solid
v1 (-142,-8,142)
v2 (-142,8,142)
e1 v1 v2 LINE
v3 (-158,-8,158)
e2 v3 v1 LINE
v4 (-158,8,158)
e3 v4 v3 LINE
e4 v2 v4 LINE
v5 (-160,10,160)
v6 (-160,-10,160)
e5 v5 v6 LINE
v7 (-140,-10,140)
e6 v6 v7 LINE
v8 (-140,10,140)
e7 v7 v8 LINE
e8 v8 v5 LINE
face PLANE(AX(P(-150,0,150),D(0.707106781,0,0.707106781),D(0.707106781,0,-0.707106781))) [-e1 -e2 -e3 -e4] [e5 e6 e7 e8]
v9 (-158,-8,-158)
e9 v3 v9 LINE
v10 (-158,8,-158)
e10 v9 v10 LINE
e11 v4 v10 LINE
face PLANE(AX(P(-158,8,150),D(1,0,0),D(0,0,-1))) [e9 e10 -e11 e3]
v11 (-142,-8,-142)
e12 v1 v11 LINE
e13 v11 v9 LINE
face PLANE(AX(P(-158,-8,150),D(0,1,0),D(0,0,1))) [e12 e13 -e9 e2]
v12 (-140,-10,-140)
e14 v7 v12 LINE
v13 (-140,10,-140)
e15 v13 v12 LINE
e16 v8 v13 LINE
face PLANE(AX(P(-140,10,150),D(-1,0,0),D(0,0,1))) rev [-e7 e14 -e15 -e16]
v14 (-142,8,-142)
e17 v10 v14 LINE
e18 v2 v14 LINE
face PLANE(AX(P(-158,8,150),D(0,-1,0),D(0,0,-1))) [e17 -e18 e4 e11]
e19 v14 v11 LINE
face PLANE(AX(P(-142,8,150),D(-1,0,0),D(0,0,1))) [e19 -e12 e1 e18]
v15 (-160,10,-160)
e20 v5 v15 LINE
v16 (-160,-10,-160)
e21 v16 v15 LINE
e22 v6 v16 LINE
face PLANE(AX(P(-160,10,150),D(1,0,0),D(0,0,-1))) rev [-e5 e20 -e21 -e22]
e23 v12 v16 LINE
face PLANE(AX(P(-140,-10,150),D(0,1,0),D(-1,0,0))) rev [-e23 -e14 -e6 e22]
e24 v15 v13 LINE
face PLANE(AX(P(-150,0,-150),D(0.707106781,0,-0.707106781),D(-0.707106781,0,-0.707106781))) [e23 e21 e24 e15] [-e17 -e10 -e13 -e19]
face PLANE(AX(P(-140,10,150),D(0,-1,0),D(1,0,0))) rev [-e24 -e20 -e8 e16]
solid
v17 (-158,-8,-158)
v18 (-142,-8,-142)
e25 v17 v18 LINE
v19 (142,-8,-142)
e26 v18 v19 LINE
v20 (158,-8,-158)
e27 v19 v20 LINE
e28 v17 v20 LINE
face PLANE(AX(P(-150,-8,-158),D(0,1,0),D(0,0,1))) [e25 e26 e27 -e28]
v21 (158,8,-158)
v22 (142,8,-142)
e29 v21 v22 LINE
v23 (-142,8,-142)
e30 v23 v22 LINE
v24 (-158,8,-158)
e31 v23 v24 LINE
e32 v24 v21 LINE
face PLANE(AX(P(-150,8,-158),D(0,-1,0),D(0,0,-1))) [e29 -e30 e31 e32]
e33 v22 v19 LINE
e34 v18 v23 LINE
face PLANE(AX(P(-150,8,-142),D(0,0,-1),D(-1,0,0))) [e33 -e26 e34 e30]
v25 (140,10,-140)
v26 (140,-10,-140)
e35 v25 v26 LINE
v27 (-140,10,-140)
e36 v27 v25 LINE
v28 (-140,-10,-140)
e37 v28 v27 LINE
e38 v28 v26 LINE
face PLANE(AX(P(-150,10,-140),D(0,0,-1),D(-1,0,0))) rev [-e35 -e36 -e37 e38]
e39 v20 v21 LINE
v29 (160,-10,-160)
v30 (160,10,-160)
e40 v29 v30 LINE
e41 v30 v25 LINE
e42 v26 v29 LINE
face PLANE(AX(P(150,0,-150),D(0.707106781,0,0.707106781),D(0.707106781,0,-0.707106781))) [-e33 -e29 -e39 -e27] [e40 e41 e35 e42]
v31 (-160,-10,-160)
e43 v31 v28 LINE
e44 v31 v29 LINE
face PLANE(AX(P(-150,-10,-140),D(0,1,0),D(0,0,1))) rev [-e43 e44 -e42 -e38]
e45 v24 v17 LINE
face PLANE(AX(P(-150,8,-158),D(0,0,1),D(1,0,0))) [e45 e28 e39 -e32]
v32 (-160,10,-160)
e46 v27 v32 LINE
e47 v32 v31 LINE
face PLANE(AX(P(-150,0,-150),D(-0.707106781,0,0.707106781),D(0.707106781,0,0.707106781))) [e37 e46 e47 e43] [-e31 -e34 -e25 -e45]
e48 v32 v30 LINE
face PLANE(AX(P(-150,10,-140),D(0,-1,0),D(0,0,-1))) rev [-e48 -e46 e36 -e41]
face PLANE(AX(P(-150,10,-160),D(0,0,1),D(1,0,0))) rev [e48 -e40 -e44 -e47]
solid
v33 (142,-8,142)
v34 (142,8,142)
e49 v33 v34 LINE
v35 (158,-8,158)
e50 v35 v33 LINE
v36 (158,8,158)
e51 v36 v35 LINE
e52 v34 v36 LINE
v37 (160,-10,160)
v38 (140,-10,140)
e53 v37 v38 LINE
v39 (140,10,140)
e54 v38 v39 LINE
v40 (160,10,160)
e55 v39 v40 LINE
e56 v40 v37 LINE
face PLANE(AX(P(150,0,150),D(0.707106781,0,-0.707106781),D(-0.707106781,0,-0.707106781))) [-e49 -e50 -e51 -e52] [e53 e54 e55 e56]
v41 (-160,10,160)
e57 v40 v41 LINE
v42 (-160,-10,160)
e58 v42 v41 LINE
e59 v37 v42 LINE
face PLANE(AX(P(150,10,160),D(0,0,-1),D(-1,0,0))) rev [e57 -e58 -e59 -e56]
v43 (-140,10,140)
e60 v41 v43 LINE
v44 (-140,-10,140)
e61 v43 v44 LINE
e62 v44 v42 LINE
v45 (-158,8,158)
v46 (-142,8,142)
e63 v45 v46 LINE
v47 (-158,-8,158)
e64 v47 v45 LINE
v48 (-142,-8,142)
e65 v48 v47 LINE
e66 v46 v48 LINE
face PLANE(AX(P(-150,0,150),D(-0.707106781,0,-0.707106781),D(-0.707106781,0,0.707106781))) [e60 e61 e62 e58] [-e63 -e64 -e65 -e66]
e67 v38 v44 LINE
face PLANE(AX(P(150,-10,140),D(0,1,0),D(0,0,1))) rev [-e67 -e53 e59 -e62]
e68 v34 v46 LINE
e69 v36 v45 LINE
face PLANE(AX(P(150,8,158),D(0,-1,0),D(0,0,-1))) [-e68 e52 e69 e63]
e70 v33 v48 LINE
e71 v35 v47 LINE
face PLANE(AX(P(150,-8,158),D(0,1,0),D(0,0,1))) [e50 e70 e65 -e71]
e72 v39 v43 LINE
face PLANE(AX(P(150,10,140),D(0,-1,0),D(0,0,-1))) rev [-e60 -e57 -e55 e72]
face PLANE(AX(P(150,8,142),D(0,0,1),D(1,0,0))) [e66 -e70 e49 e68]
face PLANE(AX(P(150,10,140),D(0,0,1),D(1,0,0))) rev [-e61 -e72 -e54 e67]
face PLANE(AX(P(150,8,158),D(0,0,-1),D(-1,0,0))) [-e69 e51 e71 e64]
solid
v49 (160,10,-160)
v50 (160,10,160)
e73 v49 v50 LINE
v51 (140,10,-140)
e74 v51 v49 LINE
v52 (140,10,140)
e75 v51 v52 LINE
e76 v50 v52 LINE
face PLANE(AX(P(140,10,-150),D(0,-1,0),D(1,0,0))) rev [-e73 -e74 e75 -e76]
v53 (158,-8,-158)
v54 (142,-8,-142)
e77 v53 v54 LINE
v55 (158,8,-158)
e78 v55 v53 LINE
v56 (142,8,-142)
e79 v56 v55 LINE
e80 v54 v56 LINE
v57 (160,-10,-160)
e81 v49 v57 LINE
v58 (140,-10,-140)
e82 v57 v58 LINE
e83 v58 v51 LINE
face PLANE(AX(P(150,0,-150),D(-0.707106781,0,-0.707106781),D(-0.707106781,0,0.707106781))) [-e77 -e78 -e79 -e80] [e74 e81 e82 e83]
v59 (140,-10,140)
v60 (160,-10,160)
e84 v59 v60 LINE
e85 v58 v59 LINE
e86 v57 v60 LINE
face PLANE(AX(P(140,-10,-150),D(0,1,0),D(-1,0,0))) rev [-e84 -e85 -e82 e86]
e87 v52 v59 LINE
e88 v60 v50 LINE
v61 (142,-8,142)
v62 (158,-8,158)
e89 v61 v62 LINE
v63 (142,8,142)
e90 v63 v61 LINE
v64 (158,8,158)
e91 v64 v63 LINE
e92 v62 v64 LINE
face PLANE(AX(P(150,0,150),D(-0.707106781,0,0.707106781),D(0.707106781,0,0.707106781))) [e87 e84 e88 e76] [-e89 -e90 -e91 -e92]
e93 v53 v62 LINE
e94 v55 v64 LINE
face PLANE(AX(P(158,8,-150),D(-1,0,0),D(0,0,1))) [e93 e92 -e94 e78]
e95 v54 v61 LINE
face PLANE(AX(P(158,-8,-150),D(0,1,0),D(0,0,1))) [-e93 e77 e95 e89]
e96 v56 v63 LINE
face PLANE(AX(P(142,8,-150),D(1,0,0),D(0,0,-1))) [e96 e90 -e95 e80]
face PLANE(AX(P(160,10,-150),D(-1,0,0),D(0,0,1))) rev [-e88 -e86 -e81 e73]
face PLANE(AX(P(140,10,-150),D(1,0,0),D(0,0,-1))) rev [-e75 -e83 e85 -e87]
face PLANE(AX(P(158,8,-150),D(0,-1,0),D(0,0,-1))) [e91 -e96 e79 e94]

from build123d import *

# Parameters (mm, degrees)
TUBO_CUADRADO_20_X_20_X_2_2_DEPTH      = 315.142135624
TUBO_CUADRADO_20_X_20_X_2_2_DEPTH_BACK = 15.142135624
SKETCH1_W                              = 20
SKETCH1_H                              = 20
SKETCH1_W_2                            = 16
SKETCH1_H_2                            = 16
SKETCH1_ON_SEGMENT_2_W                 = 20
SKETCH1_ON_SEGMENT_2_H                 = 20
SKETCH1_ON_SEGMENT_2_W_2               = 16
SKETCH1_ON_SEGMENT_2_H_2               = 16
TUBO_CUADRADO_20_X_20_X_2_2_2_DEPTH    = 330.284271247
SKETCH1_ON_SEGMENT_3_W                 = 20
SKETCH1_ON_SEGMENT_3_H                 = 20
SKETCH1_ON_SEGMENT_3_W_2               = 16
SKETCH1_ON_SEGMENT_3_H_2               = 16
TUBO_CUADRADO_20_X_20_X_2_2_3_DEPTH    = 330.284271247
SKETCH1_ON_SEGMENT_4_W                 = 20
SKETCH1_ON_SEGMENT_4_H                 = 20
SKETCH1_ON_SEGMENT_4_W_2               = 16
SKETCH1_ON_SEGMENT_4_H_2               = 16
TUBO_CUADRADO_20_X_20_X_2_2_4_DEPTH    = 330.284271247


with BuildPart() as part:
    # Sketch1 → Tubo cuadrado 20 X 20 X 2(2) (new, two sides: drawn at the far end of the back side and taken through both)
    with BuildSketch(Plane(origin=(-150, 0, -150), x_dir=(1, 0, 0), z_dir=(0, 0, 1)).offset(-TUBO_CUADRADO_20_X_20_X_2_2_DEPTH_BACK)):
        Rectangle(SKETCH1_W, SKETCH1_H)
        Rectangle(SKETCH1_W_2, SKETCH1_H_2, mode=Mode.SUBTRACT)
    extrude(amount=TUBO_CUADRADO_20_X_20_X_2_2_DEPTH + TUBO_CUADRADO_20_X_20_X_2_2_DEPTH_BACK)

    # Tubo cuadrado 20 X 20 X 2(2) mitre 1
    split(bisect_by=Plane(origin=(-150, 0, -150), x_dir=(0, -1, 0), z_dir=(-0.707106781, 0, 0.707106781)), keep=Keep.TOP)

    # Tubo cuadrado 20 X 20 X 2(2) mitre 2
    split(bisect_by=Plane(origin=(-150, 0, 150), x_dir=(0, -1, 0), z_dir=(-0.707106781, 0, -0.707106781)), keep=Keep.TOP)


with BuildPart() as body_2:
    # Sketch1 on segment 2 (carried to segment 2) → Tubo cuadrado 20 X 20 X 2_2 2 (new body)
    with BuildSketch(Plane(origin=(-165.142135624, 0, 150), x_dir=(0, 0, -1), z_dir=(1, 0, 0))):
        Rectangle(SKETCH1_ON_SEGMENT_2_W, SKETCH1_ON_SEGMENT_2_H)
        Rectangle(SKETCH1_ON_SEGMENT_2_W_2, SKETCH1_ON_SEGMENT_2_H_2, mode=Mode.SUBTRACT)
    extrude(amount=TUBO_CUADRADO_20_X_20_X_2_2_2_DEPTH)

    # Tubo cuadrado 20 X 20 X 2_2 2 mitre 1
    split(bisect_by=Plane(origin=(-150, 0, 150), x_dir=(0, 1, 0), z_dir=(0.707106781, 0, 0.707106781)), keep=Keep.TOP)

    # Tubo cuadrado 20 X 20 X 2_2 2 mitre 2
    split(bisect_by=Plane(origin=(150, 0, 150), x_dir=(0, -1, 0), z_dir=(-0.707106781, 0, 0.707106781)), keep=Keep.TOP)


with BuildPart() as body_3:
    # Sketch1 on segment 3 (carried to segment 3) → Tubo cuadrado 20 X 20 X 2_2 3 (new body)
    with BuildSketch(Plane(origin=(150, 0, 165.142135624), x_dir=(-1, 0, 0), z_dir=(0, 0, -1))):
        Rectangle(SKETCH1_ON_SEGMENT_3_W, SKETCH1_ON_SEGMENT_3_H)
        Rectangle(SKETCH1_ON_SEGMENT_3_W_2, SKETCH1_ON_SEGMENT_3_H_2, mode=Mode.SUBTRACT)
    extrude(amount=TUBO_CUADRADO_20_X_20_X_2_2_3_DEPTH)

    # Tubo cuadrado 20 X 20 X 2_2 3 mitre 1
    split(bisect_by=Plane(origin=(150, 0, -150), x_dir=(0, 1, 0), z_dir=(0.707106781, 0, 0.707106781)), keep=Keep.TOP)

    # Tubo cuadrado 20 X 20 X 2_2 3 mitre 2
    split(bisect_by=Plane(origin=(150, 0, 150), x_dir=(0, 1, 0), z_dir=(0.707106781, 0, -0.707106781)), keep=Keep.TOP)


with BuildPart() as body_4:
    # Sketch1 on segment 4 (carried to segment 4) → Tubo cuadrado 20 X 20 X 2_2 4 (new body)
    with BuildSketch(Plane(origin=(165.142135624, 0, -150), x_dir=(0, 0, 1), z_dir=(-1, 0, 0))):
        Rectangle(SKETCH1_ON_SEGMENT_4_W, SKETCH1_ON_SEGMENT_4_H)
        Rectangle(SKETCH1_ON_SEGMENT_4_W_2, SKETCH1_ON_SEGMENT_4_H_2, mode=Mode.SUBTRACT)
    extrude(amount=TUBO_CUADRADO_20_X_20_X_2_2_4_DEPTH)

    # Tubo cuadrado 20 X 20 X 2_2 4 mitre 1
    split(bisect_by=Plane(origin=(-150, 0, -150), x_dir=(0, 1, 0), z_dir=(0.707106781, 0, -0.707106781)), keep=Keep.TOP)

    # Tubo cuadrado 20 X 20 X 2_2 4 mitre 2
    split(bisect_by=Plane(origin=(150, 0, -150), x_dir=(0, -1, 0), z_dir=(-0.707106781, 0, -0.707106781)), keep=Keep.TOP)


solid = Compound([part.part, body_2.part, body_3.part, body_4.part])
